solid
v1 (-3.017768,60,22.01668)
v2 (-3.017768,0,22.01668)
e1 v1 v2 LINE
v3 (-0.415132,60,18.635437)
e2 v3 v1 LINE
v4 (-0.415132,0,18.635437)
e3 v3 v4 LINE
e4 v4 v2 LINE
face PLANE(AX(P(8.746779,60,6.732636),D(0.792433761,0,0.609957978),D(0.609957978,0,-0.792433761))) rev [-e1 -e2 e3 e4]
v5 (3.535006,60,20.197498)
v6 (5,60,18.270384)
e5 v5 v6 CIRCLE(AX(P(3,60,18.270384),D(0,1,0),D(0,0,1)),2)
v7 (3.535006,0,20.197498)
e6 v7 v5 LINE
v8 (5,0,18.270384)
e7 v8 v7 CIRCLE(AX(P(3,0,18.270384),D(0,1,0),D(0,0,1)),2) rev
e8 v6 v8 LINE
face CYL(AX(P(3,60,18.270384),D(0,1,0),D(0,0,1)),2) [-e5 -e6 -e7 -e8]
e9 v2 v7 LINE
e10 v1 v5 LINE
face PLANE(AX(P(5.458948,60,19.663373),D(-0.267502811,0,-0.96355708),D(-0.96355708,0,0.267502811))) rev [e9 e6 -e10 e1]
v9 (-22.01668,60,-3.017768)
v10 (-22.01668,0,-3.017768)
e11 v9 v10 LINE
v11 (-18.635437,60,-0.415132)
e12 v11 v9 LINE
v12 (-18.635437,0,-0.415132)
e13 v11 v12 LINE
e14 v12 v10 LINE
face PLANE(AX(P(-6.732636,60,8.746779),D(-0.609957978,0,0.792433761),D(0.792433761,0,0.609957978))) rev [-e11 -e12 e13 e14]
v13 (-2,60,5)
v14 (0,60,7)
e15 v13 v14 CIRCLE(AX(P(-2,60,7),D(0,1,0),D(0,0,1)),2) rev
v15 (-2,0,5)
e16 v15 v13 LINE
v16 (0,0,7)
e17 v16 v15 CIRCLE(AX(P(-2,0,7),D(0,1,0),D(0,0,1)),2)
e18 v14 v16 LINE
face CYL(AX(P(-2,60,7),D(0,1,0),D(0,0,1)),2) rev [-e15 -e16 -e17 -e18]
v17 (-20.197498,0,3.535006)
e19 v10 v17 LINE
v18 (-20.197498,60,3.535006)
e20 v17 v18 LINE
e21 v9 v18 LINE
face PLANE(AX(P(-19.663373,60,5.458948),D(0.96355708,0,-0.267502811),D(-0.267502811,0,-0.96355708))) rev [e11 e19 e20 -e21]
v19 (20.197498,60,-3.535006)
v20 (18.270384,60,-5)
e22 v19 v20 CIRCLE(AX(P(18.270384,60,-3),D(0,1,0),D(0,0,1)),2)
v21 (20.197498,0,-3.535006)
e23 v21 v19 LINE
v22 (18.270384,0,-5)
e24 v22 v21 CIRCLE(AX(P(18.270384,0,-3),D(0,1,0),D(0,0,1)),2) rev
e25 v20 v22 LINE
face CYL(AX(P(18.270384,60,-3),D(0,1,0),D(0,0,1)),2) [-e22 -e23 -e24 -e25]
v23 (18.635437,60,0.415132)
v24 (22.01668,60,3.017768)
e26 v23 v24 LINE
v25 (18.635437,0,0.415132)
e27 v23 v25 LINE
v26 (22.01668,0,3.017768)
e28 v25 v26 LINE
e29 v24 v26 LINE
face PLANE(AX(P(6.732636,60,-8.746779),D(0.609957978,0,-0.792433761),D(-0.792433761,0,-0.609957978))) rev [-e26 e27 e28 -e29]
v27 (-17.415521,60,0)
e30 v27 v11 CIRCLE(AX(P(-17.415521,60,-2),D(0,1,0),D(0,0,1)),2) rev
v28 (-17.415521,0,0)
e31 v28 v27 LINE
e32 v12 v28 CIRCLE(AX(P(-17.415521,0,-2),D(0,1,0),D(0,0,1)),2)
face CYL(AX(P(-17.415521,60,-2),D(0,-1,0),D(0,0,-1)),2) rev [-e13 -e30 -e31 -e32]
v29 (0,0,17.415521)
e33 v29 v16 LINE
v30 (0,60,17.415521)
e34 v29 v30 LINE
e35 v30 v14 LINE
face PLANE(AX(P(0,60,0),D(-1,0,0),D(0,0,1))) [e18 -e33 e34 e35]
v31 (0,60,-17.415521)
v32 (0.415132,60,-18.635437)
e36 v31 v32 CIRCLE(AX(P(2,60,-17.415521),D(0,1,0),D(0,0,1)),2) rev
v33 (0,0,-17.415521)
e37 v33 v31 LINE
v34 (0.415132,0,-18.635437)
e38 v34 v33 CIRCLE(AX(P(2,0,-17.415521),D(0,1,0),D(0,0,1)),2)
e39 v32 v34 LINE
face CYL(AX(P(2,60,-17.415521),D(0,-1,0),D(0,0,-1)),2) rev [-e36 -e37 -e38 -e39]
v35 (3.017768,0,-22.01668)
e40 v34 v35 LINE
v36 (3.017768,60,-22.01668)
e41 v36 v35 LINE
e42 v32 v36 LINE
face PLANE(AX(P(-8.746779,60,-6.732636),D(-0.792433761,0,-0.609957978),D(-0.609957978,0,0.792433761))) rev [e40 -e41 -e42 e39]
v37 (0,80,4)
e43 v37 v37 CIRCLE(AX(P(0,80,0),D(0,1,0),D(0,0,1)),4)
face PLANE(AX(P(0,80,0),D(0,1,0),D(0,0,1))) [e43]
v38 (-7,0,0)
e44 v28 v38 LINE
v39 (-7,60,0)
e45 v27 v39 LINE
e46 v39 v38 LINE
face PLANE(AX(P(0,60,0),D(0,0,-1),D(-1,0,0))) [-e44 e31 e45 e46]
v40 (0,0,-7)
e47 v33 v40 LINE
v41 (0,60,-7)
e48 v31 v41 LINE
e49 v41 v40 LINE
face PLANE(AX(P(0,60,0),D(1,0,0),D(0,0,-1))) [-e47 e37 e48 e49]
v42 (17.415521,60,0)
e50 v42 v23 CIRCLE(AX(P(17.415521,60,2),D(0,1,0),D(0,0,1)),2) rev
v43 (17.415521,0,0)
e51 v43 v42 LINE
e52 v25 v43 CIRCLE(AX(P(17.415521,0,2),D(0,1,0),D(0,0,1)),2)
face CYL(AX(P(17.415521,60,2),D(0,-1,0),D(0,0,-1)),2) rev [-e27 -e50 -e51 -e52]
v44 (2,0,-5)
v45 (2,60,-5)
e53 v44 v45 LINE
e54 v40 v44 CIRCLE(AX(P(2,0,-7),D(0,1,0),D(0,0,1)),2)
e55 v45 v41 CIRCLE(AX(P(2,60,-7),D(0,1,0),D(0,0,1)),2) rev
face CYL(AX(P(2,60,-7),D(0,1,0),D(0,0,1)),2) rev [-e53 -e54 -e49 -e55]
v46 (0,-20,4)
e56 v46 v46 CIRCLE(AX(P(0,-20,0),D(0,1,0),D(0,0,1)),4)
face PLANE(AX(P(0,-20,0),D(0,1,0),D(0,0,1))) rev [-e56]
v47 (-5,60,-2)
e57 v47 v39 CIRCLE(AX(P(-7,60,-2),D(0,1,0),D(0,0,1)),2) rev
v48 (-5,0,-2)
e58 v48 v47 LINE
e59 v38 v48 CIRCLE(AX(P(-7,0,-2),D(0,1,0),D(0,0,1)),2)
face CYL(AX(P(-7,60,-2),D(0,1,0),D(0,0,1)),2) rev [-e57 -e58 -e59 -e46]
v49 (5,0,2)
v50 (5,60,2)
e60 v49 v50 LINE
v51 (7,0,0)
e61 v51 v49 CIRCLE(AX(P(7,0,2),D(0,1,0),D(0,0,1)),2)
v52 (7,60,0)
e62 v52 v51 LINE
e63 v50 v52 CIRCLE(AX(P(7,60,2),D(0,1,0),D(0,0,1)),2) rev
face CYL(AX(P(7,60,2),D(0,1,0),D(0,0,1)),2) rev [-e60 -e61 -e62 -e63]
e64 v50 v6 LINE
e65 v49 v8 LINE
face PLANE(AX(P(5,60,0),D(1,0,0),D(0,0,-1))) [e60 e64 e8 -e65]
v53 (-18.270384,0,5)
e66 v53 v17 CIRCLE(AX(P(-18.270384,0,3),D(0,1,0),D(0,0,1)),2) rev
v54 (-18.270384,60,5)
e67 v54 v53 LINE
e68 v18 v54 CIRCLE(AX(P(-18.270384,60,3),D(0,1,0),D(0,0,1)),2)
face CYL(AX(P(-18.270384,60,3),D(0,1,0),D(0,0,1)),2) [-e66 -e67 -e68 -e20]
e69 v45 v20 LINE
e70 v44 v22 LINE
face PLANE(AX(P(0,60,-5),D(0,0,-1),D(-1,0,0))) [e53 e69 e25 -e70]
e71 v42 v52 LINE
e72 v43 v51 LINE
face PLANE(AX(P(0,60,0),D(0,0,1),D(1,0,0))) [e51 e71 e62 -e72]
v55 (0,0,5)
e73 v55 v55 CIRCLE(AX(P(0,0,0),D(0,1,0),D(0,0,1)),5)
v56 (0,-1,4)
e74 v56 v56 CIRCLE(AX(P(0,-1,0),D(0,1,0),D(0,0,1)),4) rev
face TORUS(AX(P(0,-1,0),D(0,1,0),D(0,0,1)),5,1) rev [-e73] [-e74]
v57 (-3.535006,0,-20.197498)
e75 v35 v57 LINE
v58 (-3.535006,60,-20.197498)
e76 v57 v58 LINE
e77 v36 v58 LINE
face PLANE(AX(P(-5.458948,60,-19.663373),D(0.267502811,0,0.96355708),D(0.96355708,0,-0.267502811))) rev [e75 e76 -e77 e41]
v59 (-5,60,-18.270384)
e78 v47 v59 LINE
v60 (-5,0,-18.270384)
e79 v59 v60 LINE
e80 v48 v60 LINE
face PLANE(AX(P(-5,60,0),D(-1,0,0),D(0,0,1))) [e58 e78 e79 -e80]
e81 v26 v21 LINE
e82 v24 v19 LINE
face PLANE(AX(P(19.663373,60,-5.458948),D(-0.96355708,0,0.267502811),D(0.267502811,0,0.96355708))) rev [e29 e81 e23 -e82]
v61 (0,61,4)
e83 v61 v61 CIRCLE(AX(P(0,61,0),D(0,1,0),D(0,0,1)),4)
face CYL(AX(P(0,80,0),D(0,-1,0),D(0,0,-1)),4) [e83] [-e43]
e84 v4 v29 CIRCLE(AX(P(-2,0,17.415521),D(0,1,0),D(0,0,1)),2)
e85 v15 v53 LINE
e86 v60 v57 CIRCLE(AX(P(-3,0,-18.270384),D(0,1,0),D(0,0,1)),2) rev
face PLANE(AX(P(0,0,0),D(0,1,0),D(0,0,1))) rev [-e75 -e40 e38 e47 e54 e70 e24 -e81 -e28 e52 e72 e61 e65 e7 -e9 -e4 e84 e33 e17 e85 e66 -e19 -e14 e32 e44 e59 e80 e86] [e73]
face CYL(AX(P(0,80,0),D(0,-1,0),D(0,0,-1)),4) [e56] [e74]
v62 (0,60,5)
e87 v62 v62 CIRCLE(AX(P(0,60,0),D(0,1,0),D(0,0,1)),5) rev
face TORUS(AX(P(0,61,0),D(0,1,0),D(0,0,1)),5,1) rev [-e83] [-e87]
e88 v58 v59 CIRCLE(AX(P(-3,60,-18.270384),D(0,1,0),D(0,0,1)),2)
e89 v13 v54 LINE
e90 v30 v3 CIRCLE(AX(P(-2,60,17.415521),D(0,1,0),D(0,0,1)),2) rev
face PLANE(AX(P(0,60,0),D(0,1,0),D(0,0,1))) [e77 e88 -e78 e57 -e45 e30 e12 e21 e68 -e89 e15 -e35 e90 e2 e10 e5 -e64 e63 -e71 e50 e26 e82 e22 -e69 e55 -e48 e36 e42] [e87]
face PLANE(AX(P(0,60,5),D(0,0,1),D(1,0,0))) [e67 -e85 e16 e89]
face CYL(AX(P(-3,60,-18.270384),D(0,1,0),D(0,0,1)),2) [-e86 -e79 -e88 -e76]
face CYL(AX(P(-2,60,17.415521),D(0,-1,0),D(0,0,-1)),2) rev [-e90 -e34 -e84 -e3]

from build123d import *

# Parameters (mm, degrees)
BOSS_EXTRUDE1_DEPTH = 60
FILLET1_R           = 2
SKETCH3_R           = 1.870137446
CUT_EXTRUDE1_DEPTH  = 60
SKETCH4_R           = 4
BOSS_EXTRUDE2_DEPTH = 50
FILLET2_R           = 1


with BuildPart() as part:
    # Sketch2 → Boss-Extrude1 (new body)
    with BuildSketch(Plane(origin=(0, 0, 0), x_dir=(1, 0, 0), z_dir=(0, 1, 0))):
        Polygon((-5, 0), (-5, 19.790786282), (3.017767954, 22.016679806), (0, 18.09611266), (0, 5), (19.790786282, 5), (22.016679806, -3.017767954), (18.09611266, 0), (5, 0), (5, -19.790786282), (-3.017767954, -22.016679806), (0, -18.09611266), (0, -5), (-19.790786282, -5), (-22.016679806, 3.017767954), (-18.09611266, 0), align=None)
    extrude(amount=BOSS_EXTRUDE1_DEPTH)

    # Fillet1
    fillet1_edges = [part.edges().sort_by_distance(p)[0] for p in [
        (19.790786282, 30, -5),
        (18.09611266, 30, 0),
        (5, 30, 0),
        (5, 30, 19.790786282),
        (0, 30, 18.09611266),
        (0, 30, 5),
        (-19.790786282, 30, 5),
        (-18.09611266, 30, 0),
        (-5, 30, 0),
        (-5, 30, -19.790786282),
        (0, 30, -18.09611266),
        (0, 30, -5),
    ]]
    fillet(fillet1_edges, radius=FILLET1_R)

    # Sketch3 → Cut-Extrude1 (cut)
    with BuildSketch(Plane(origin=(0, 60, 0), x_dir=(1, 0, 0), z_dir=(0, 1, 0))):
        with Locations(Location((0, 0, 0), (0, 0, 270))):
            Circle(SKETCH3_R)
    extrude(amount=-CUT_EXTRUDE1_DEPTH, mode=Mode.SUBTRACT)

    # Sketch4 → Boss-Extrude2 (add, symmetric)
    with BuildSketch(Plane(origin=(0, 30, 0), x_dir=(1, 0, 0), z_dir=(0, 1, 0))):
        with Locations(Location((0, 0, 0), (0, 0, 270))):
            Circle(SKETCH4_R)
    extrude(amount=BOSS_EXTRUDE2_DEPTH, both=True)

    # Fillet2
    fillet2_edges = [part.edges().sort_by_distance(p)[0] for p in [
        (0, 0, -4),
        (0, 60, -4),
    ]]
    fillet(fillet2_edges, radius=FILLET2_R)


solid = part.part
